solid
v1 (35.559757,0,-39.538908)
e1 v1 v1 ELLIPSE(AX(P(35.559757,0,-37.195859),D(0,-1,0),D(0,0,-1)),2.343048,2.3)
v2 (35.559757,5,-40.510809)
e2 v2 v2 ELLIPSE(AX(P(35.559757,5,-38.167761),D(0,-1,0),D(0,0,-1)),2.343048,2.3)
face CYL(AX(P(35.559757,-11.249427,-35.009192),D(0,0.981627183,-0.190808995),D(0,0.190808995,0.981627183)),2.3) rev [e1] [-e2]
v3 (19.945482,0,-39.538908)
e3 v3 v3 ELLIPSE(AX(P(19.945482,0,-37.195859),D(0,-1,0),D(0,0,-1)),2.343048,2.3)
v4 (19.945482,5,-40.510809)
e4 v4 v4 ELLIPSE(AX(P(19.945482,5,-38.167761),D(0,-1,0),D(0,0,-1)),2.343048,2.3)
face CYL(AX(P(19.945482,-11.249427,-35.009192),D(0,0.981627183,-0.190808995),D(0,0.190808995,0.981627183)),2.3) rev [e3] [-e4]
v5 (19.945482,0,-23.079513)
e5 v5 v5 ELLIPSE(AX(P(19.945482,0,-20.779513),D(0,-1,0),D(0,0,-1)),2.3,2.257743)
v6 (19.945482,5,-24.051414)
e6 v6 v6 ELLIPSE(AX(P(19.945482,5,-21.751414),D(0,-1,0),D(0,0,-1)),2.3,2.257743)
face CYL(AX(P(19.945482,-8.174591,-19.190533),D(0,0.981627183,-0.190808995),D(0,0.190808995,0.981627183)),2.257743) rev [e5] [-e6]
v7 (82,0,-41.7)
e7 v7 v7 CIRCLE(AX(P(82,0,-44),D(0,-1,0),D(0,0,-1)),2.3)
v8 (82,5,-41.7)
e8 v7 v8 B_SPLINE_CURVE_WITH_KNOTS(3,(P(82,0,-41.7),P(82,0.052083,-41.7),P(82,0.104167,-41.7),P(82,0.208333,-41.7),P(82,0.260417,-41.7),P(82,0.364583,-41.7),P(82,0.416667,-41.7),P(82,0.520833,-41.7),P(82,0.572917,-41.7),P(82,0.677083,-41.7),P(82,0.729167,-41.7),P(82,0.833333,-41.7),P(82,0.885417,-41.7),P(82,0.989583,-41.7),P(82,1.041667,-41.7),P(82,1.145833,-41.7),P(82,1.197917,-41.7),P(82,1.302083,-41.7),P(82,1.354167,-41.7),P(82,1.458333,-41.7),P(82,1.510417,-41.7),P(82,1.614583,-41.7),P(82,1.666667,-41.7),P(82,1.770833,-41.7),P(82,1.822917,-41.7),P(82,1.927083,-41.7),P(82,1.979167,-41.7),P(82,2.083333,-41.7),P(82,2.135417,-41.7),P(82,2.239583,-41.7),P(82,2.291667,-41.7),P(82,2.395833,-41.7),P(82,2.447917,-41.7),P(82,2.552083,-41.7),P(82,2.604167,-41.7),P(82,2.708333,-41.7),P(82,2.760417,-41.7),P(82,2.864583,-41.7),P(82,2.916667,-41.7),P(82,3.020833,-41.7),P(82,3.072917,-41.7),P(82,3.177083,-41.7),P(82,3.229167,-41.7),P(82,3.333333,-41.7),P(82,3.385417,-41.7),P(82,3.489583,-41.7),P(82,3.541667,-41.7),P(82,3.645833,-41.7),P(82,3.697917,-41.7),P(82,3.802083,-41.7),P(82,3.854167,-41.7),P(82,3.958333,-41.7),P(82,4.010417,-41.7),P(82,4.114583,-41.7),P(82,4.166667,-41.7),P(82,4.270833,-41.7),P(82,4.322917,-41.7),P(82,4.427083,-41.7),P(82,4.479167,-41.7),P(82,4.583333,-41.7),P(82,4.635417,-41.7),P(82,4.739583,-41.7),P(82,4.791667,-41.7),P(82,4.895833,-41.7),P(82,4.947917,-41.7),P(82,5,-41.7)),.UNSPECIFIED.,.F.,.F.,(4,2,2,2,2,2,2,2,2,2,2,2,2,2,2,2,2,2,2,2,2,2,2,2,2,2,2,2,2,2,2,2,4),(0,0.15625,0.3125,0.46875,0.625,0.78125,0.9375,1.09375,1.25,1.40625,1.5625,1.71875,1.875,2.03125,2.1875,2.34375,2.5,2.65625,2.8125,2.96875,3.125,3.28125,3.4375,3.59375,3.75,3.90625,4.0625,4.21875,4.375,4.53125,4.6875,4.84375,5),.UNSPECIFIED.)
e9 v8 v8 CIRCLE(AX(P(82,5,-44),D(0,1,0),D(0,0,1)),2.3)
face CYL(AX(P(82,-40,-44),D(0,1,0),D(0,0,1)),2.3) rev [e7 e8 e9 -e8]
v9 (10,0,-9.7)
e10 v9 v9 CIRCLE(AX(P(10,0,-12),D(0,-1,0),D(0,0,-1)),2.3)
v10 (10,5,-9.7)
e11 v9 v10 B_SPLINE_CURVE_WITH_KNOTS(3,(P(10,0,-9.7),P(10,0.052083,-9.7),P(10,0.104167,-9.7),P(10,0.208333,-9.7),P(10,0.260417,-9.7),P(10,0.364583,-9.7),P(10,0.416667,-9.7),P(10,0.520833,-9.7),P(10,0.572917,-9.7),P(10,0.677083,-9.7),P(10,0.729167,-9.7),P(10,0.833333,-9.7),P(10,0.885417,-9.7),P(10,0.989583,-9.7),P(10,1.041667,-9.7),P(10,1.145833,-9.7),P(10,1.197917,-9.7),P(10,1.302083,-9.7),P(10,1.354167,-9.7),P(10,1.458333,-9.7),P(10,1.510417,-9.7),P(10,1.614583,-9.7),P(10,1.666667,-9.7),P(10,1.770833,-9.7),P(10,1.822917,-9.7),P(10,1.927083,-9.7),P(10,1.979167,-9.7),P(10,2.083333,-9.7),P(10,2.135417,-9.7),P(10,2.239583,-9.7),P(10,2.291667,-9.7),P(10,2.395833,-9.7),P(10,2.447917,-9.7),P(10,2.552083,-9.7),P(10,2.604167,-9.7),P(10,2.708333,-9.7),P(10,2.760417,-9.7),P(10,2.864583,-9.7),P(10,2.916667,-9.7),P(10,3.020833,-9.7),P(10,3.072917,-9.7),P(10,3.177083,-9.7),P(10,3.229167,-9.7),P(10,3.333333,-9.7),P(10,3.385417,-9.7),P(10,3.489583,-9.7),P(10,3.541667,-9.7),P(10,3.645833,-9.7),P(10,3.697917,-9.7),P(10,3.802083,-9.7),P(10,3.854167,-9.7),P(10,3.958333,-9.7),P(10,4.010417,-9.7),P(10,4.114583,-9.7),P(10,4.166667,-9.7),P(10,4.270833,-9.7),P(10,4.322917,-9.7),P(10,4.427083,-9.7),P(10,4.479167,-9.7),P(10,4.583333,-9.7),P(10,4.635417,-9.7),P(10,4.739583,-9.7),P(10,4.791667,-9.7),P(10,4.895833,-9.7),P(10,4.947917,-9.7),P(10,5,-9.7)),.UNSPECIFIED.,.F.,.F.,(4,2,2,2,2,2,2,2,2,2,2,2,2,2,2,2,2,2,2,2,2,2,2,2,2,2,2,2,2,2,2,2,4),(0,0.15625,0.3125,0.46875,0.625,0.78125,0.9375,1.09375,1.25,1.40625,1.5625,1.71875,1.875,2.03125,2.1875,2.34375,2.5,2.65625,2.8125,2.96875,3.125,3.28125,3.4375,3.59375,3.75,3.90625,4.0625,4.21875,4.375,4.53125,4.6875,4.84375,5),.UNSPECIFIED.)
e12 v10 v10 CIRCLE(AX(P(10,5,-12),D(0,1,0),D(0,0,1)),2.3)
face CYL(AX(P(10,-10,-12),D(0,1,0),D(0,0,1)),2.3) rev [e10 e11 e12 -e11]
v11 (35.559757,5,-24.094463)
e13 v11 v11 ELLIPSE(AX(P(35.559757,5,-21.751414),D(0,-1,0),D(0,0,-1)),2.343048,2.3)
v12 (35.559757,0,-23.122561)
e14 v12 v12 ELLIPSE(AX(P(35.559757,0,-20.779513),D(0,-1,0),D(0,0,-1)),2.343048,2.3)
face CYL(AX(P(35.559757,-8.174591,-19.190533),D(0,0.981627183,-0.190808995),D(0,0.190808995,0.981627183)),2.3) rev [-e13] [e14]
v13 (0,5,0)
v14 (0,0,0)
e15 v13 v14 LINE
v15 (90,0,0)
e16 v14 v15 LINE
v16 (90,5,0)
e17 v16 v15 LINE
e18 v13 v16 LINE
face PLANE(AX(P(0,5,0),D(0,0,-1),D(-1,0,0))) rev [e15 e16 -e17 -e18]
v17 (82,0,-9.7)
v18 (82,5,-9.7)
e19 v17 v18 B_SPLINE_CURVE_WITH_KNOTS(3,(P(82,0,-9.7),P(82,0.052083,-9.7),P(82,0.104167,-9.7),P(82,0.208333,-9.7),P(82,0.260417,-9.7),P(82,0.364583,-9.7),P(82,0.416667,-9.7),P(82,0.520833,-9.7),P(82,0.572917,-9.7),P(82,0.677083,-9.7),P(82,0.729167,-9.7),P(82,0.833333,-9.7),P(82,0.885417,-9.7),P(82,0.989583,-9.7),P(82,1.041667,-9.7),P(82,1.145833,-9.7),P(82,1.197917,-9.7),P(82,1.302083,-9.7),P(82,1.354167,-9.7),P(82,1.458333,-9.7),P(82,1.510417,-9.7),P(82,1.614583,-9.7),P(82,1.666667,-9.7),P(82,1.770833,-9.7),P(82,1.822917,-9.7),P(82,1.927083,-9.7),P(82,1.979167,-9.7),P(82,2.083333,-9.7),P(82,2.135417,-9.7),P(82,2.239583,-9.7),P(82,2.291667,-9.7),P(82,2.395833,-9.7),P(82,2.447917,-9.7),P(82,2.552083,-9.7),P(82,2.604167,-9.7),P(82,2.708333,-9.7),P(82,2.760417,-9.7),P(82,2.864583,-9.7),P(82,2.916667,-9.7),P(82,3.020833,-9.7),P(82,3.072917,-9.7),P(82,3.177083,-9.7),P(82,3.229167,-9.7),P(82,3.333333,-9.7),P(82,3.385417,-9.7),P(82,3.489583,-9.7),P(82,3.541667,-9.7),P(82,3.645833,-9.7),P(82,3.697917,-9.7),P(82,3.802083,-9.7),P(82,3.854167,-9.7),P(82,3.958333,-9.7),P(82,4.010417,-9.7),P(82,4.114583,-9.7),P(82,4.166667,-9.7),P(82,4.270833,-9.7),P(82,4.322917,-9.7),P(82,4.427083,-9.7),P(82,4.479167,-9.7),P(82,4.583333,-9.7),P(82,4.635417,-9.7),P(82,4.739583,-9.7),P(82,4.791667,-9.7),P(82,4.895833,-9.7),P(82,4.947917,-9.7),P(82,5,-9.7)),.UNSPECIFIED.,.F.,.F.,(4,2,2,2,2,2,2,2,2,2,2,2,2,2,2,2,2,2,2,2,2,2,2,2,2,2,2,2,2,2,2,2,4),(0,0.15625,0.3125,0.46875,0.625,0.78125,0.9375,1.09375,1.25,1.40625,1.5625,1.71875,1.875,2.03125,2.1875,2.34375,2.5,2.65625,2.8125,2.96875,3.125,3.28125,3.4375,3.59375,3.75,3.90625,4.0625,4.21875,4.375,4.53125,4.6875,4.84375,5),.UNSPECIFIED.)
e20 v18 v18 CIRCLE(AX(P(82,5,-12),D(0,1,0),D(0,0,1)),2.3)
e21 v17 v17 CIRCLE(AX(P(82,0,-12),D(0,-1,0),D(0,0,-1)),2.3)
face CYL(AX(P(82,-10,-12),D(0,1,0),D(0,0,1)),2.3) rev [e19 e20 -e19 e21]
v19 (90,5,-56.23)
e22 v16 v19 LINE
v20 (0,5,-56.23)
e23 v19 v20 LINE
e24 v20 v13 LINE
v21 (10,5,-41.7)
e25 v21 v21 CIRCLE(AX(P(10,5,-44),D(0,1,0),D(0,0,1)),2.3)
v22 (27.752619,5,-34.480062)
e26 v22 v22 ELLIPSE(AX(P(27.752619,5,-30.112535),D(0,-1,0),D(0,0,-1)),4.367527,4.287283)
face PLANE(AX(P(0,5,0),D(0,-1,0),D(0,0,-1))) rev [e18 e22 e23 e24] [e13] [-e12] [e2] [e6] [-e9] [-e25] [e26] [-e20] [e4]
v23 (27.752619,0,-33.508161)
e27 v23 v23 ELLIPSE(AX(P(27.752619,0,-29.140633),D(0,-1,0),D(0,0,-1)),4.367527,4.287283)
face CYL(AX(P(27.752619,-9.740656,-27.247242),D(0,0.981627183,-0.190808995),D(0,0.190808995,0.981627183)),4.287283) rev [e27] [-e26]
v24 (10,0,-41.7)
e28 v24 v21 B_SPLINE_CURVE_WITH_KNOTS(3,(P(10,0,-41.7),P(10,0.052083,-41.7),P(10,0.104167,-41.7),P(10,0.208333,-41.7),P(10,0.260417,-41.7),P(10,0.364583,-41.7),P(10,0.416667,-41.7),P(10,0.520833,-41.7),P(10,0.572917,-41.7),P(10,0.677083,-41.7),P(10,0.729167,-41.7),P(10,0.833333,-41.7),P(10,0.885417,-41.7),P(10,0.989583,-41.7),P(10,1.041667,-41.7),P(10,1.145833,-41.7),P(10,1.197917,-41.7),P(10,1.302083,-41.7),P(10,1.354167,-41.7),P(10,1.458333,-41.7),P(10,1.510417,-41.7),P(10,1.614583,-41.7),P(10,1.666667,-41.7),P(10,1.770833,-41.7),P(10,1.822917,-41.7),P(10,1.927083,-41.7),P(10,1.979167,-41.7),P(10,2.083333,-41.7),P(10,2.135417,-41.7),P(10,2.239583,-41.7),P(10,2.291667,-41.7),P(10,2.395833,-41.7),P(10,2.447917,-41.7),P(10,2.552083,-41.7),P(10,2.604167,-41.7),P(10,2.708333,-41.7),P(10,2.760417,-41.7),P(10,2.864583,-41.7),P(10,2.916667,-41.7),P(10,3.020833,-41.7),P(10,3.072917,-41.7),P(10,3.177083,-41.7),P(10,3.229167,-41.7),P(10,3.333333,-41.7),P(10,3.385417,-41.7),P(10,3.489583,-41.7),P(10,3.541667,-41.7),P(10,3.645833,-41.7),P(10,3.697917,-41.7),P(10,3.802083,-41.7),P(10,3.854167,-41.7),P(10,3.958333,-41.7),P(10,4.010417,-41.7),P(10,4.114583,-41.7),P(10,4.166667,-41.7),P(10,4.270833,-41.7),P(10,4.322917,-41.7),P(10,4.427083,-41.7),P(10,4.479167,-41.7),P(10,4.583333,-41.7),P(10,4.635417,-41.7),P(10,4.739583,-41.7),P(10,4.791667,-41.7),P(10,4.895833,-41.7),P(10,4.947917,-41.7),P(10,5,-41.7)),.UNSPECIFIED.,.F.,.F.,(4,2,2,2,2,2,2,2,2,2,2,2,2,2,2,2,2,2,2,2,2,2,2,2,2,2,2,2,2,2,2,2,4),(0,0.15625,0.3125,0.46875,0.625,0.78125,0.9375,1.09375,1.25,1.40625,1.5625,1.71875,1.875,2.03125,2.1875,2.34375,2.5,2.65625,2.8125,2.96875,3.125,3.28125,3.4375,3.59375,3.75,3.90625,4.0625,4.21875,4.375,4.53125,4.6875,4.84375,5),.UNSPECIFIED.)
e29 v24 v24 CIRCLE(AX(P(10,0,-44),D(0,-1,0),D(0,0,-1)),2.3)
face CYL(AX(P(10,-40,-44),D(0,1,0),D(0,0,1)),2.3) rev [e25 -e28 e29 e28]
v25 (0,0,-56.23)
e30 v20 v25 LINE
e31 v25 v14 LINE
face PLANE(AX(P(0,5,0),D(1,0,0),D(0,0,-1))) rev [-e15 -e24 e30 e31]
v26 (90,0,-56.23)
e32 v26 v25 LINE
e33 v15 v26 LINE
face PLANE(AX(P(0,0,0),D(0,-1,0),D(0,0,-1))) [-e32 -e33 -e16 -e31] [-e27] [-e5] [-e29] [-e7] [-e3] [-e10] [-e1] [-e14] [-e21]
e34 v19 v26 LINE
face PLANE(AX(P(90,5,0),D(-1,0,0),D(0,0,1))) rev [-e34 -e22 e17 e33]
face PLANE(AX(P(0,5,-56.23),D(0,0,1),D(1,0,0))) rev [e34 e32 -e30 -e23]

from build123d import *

# Parameters (mm, degrees)
SKETCH1_W           = 90
SKETCH1_H           = 56.23
BOSS_EXTRUDE1_DEPTH = 5
SKETCH2_R           = 2.3
CUT_EXTRUDE1_DEPTH  = 15
SKETCH7_R           = 2.3
CUT_EXTRUDE3_DEPTH  = 45
SKETCH12_R          = 2.257742522
SKETCH12_R_2        = 2.3
SKETCH12_R_3        = 4.287283452
CUT_EXTRUDE5_DEPTH  = 20


with BuildPart() as part:
    # Sketch1 → Boss-Extrude1 (new body)
    with BuildSketch(Plane(origin=(0, 0, 0), x_dir=(1, 0, 0), z_dir=(0, 1, 0))):
        with Locations((45, 28.115)):
            Rectangle(SKETCH1_W, SKETCH1_H)
    extrude(amount=BOSS_EXTRUDE1_DEPTH)

    # Sketch2 → Cut-Extrude1 (cut)
    with BuildSketch(Plane(origin=(0, 5, 0), x_dir=(1, 0, 0), z_dir=(0, 1, 0))):
        with Locations(Location((82, 12, 0), (0, 0, 270))):
            Circle(SKETCH2_R)
        with Locations(Location((10, 12, 0), (0, 0, 270))):
            Circle(SKETCH2_R)
    extrude(amount=-CUT_EXTRUDE1_DEPTH, mode=Mode.SUBTRACT)

    # Sketch7 → Cut-Extrude3 (cut)
    with BuildSketch(Plane(origin=(0, 5, 0), x_dir=(1, 0, 0), z_dir=(0, 1, 0))):
        with Locations(Location((82, 44, 0), (0, 0, 270))):
            Circle(SKETCH7_R)
        with Locations(Location((10, 44, 0), (0, 0, 270))):
            Circle(SKETCH7_R)
    extrude(amount=-CUT_EXTRUDE3_DEPTH, mode=Mode.SUBTRACT)

    # Sketch12 → Cut-Extrude5 (cut)
    with BuildSketch(Plane(origin=(0, 15.35002401, -2.983742412), x_dir=(-1, 0, 0), z_dir=(0, 0.9816271834476639, -0.19080899537654525))):
        with Locations(Location((-19.945482257, -20.397734662, 0), (0, 0, 270))):
            Circle(SKETCH12_R)
        with Locations(Location((-35.559756703, -20.397734662, 0), (0, 0, 270))):
            Circle(SKETCH12_R_2)
        with Locations(Location((-35.559756703, -36.512466621, 0), (0, 0, 270))):
            Circle(SKETCH12_R_2)
        with Locations(Location((-19.945482257, -36.512466621, 0), (0, 0, 270))):
            Circle(SKETCH12_R_2)
        with Locations(Location((-27.75261948, -28.605237896, 0), (0, 0, 270))):
            Circle(SKETCH12_R_3)
    extrude(amount=-CUT_EXTRUDE5_DEPTH, mode=Mode.SUBTRACT)


solid = part.part
